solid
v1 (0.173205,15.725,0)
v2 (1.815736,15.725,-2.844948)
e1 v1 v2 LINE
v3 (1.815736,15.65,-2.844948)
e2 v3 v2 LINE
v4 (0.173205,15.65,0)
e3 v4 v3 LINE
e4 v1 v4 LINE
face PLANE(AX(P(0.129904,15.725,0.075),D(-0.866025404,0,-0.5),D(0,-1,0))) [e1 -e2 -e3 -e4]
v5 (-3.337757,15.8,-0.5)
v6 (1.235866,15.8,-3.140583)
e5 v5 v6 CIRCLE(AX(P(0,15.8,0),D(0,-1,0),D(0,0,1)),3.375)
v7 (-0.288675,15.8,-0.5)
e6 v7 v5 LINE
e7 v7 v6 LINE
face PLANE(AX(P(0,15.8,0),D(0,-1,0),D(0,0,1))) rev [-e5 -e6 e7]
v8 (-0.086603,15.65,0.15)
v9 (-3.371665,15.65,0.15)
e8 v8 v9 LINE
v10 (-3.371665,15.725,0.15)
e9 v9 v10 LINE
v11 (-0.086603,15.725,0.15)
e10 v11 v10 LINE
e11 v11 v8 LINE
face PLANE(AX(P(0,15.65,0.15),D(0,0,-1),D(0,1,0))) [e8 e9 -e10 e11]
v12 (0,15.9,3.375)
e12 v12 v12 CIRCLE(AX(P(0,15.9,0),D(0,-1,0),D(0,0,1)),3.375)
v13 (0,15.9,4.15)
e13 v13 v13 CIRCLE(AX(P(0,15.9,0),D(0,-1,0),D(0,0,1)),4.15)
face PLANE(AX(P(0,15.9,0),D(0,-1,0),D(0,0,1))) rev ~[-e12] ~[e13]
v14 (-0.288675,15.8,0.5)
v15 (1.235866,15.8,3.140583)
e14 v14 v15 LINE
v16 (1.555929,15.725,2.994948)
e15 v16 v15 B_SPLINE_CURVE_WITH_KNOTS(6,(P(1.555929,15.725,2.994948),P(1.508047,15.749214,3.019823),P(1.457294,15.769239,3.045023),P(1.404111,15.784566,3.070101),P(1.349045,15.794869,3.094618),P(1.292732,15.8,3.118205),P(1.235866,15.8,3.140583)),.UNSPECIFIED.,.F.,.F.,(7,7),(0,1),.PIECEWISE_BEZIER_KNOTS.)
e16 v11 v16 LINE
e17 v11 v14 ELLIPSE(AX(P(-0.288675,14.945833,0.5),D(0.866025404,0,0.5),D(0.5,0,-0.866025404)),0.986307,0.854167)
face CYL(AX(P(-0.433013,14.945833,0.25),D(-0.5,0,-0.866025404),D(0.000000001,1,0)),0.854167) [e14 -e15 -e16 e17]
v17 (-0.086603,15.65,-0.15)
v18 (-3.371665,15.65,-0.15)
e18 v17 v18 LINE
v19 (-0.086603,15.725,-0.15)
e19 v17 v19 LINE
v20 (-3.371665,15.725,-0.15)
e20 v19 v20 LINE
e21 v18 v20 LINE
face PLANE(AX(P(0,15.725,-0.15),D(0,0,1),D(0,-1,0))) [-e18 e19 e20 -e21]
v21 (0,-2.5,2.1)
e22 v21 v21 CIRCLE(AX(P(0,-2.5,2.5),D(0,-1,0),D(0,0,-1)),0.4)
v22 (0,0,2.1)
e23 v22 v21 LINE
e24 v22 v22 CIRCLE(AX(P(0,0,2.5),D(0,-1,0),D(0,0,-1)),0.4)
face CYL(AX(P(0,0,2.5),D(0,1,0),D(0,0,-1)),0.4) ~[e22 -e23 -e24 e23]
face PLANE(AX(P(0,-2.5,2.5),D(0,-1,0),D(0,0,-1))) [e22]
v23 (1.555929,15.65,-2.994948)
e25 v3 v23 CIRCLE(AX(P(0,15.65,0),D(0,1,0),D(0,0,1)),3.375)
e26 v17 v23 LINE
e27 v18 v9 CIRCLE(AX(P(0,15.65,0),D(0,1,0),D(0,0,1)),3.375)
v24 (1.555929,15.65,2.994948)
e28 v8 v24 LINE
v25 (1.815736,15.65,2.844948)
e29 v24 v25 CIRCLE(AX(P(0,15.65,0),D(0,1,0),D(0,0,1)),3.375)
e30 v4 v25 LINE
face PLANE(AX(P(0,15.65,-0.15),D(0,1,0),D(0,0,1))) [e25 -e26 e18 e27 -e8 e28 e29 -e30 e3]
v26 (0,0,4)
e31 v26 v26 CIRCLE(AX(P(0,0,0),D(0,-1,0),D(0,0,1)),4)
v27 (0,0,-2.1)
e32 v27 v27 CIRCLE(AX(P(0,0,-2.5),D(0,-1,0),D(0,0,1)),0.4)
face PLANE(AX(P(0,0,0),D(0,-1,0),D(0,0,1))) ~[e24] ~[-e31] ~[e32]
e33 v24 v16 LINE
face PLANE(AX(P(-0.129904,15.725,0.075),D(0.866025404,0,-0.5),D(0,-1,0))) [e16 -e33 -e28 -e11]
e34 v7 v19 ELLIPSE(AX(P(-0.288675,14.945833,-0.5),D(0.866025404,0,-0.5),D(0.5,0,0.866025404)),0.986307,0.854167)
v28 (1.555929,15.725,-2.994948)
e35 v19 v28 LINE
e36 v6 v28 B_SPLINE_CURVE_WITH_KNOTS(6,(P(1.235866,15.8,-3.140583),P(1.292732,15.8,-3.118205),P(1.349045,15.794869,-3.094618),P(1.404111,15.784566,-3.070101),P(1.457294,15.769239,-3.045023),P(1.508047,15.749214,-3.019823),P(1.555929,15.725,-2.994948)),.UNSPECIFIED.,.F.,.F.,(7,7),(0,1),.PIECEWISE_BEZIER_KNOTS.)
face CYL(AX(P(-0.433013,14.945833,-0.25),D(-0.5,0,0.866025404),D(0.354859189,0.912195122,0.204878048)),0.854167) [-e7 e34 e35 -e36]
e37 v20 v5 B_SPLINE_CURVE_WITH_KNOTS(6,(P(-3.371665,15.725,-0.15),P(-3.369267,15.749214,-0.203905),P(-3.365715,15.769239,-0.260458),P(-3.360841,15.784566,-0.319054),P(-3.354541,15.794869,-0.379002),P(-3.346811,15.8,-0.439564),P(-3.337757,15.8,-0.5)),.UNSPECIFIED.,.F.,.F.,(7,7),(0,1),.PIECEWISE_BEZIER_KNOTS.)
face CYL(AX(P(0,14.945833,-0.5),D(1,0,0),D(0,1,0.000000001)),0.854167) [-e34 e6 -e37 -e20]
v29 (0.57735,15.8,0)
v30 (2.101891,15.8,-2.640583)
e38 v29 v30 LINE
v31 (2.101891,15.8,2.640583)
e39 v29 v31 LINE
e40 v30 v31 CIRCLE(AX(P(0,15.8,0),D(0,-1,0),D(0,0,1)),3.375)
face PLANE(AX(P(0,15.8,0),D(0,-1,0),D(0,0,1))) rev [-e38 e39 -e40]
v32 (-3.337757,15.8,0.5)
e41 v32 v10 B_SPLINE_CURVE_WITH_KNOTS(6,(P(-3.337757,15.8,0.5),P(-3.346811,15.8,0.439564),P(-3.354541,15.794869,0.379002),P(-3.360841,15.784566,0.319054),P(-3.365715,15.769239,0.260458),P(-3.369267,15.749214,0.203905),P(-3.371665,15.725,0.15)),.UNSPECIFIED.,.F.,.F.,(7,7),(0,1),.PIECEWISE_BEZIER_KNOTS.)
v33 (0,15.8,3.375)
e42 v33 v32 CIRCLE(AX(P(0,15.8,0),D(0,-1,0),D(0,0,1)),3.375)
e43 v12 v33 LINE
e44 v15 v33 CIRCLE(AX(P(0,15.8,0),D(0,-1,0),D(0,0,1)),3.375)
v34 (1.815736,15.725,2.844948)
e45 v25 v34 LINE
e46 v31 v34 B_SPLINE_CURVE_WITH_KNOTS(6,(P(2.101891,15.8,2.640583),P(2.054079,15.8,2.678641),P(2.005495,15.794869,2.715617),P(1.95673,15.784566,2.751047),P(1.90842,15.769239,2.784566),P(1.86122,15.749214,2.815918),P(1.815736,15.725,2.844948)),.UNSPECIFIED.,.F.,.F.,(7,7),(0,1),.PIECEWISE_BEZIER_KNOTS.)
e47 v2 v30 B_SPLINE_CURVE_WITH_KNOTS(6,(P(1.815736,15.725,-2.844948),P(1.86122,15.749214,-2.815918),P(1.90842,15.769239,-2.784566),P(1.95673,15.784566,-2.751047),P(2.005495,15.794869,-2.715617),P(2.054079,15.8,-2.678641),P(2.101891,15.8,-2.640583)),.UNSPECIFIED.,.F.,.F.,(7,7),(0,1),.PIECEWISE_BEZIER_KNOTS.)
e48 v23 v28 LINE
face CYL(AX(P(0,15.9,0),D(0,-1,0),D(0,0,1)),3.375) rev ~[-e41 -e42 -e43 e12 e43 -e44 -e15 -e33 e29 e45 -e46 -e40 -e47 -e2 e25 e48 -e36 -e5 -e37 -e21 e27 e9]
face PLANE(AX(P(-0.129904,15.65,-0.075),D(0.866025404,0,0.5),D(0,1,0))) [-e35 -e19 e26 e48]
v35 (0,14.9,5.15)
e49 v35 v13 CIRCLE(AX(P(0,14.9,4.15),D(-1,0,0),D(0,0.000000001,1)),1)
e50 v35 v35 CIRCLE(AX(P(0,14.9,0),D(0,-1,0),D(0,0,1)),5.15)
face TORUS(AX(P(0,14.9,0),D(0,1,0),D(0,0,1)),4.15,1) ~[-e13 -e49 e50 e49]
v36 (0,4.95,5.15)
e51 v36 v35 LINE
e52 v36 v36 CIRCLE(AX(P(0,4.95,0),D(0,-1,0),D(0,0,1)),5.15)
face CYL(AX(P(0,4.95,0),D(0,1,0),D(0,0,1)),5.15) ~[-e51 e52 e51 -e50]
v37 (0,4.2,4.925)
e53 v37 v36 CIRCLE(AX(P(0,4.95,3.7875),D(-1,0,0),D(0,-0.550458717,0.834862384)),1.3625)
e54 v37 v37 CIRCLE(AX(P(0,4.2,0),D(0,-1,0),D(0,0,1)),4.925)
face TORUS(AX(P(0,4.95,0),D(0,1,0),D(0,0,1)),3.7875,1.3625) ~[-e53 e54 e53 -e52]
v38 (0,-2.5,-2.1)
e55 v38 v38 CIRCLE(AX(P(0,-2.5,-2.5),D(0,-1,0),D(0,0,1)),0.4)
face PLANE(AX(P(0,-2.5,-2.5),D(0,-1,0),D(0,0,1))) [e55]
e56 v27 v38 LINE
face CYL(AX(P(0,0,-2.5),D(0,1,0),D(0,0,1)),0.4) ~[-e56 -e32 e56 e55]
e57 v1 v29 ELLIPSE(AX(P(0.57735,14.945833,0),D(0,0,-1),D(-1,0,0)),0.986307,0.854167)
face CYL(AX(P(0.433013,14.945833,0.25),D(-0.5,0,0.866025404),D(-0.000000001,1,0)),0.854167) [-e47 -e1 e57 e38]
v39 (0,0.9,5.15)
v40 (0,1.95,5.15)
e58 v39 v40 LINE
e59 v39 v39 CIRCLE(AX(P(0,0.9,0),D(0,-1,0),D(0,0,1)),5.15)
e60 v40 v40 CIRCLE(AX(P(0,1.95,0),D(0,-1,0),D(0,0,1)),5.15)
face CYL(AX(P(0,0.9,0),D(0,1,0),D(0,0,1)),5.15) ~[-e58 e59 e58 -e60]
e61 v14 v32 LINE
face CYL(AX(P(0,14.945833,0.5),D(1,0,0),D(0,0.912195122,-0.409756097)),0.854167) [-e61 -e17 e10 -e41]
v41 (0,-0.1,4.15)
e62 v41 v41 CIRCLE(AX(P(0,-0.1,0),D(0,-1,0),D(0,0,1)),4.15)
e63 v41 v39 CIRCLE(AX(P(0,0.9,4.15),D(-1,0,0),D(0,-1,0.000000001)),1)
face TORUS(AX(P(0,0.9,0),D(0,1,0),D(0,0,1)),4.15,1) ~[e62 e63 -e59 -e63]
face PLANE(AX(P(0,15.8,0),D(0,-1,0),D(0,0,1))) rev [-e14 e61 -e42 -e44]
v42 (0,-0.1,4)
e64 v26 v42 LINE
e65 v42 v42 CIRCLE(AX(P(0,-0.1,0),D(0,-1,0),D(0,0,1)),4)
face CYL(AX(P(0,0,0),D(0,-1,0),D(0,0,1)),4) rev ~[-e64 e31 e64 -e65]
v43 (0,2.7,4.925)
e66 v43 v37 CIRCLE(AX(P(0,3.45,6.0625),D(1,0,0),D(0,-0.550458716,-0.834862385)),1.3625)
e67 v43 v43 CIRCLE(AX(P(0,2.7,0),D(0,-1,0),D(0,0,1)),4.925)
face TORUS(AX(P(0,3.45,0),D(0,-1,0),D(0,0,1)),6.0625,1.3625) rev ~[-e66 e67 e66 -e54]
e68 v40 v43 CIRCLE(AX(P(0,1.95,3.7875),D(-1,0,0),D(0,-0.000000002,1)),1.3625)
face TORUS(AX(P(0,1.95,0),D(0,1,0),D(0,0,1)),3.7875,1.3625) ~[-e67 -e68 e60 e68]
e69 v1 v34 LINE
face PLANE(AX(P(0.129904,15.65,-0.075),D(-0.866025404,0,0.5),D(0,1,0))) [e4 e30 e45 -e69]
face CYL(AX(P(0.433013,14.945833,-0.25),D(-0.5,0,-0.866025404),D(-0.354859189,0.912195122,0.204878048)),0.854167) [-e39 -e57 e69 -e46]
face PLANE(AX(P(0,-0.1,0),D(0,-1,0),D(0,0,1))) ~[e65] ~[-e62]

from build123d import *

# Parameters (mm, degrees)
SKETCH1_W           = 3.375
SKETCH1_H           = 1
CUT_EXTRUDE1_DEPTH  = 17.505188578
CIRPATTERN1_COUNT   = 3
SKETCH5_R           = 0.4
BOSS_EXTRUDE1_DEPTH = 2.5


with BuildPart() as part:
    # Sketch1 → Revolve1 (revolve)
    with BuildSketch(Plane(origin=(0, 0, 0), x_dir=(0, 0, -1), z_dir=(1, 0, 0))):
        with Locations((1.6875, 15.3)):
            Rectangle(SKETCH1_W, SKETCH1_H)
    revolve(axis=Axis((0, 33.37320456, 0), (0, -1, 0)))

    # Sketch2 → Cut-Extrude1 (cut, through all)
    with BuildSketch(Plane(origin=(0, 0, 0), x_dir=(0, 0, -1), z_dir=(1, 0, 0))):
        with BuildLine():
            Line((-0.5, 15.8), (0.5, 15.8))
            ThreePointArc((0.5, 15.8), (0.321027237, 15.781039562), (0.15, 15.725))
            Line((0.15, 15.725), (0.15, 15.65))
            Line((0.15, 15.65), (-0.15, 15.65))
            Line((-0.15, 15.65), (-0.15, 15.725))
            ThreePointArc((-0.15, 15.725), (-0.321027237, 15.781039562), (-0.5, 15.8))
        make_face()
    cut_extrude1 = extrude(amount=-CUT_EXTRUDE1_DEPTH, mode=Mode.SUBTRACT)

    # CirPattern1: Cut-Extrude1 ×3 about axis
    cirpattern1_axis = Axis((0, 33.37320456, 0), (0, 1, 0))
    for i in range(1, CIRPATTERN1_COUNT):
        add(cut_extrude1.rotate(cirpattern1_axis, i * 360 / CIRPATTERN1_COUNT), mode=Mode.SUBTRACT)

    # Sketch1<3> → Revolve2 (revolve)
    with BuildSketch(Plane(origin=(0, 0, 0), x_dir=(0, 0, -1), z_dir=(1, 0, 0))):
        with BuildLine():
            Line((3.375, 15.9), (3.375, 15.8))
            Line((3.375, 15.8), (3.375, 14.8))
            Line((3.375, 14.8), (0, 14.8))
            Line((0, 14.8), (0, 0))
            Line((0, 0), (4, 0))
            Line((4, 0), (4, -0.1))
            Line((4, -0.1), (4.15, -0.1))
            ThreePointArc((4.15, -0.1), (4.857106781, 0.192893219), (5.15, 0.9))
            Line((5.15, 0.9), (5.15, 1.95))
            ThreePointArc((5.15, 1.95), (5.092538314, 2.341511494), (4.925, 2.7))
            ThreePointArc((4.925, 2.7), (4.7, 3.45), (4.925, 4.2))
            ThreePointArc((4.925, 4.2), (5.092538314, 4.558488506), (5.15, 4.95))
            Line((5.15, 4.95), (5.15, 14.9))
            ThreePointArc((5.15, 14.9), (4.857106781, 15.607106781), (4.15, 15.9))
            Line((4.15, 15.9), (3.375, 15.9))
        make_face()
    revolve(axis=Axis((0, 33.37320456, 0), (0, -1, 0)))

    # Sketch5 → Boss-Extrude1 (add)
    with BuildSketch(Plane.XZ):
        with Locations((0, 2.5)):
            Circle(SKETCH5_R)
        with Locations((0, -2.5)):
            Circle(SKETCH5_R)
    extrude(amount=BOSS_EXTRUDE1_DEPTH)


solid = part.part
